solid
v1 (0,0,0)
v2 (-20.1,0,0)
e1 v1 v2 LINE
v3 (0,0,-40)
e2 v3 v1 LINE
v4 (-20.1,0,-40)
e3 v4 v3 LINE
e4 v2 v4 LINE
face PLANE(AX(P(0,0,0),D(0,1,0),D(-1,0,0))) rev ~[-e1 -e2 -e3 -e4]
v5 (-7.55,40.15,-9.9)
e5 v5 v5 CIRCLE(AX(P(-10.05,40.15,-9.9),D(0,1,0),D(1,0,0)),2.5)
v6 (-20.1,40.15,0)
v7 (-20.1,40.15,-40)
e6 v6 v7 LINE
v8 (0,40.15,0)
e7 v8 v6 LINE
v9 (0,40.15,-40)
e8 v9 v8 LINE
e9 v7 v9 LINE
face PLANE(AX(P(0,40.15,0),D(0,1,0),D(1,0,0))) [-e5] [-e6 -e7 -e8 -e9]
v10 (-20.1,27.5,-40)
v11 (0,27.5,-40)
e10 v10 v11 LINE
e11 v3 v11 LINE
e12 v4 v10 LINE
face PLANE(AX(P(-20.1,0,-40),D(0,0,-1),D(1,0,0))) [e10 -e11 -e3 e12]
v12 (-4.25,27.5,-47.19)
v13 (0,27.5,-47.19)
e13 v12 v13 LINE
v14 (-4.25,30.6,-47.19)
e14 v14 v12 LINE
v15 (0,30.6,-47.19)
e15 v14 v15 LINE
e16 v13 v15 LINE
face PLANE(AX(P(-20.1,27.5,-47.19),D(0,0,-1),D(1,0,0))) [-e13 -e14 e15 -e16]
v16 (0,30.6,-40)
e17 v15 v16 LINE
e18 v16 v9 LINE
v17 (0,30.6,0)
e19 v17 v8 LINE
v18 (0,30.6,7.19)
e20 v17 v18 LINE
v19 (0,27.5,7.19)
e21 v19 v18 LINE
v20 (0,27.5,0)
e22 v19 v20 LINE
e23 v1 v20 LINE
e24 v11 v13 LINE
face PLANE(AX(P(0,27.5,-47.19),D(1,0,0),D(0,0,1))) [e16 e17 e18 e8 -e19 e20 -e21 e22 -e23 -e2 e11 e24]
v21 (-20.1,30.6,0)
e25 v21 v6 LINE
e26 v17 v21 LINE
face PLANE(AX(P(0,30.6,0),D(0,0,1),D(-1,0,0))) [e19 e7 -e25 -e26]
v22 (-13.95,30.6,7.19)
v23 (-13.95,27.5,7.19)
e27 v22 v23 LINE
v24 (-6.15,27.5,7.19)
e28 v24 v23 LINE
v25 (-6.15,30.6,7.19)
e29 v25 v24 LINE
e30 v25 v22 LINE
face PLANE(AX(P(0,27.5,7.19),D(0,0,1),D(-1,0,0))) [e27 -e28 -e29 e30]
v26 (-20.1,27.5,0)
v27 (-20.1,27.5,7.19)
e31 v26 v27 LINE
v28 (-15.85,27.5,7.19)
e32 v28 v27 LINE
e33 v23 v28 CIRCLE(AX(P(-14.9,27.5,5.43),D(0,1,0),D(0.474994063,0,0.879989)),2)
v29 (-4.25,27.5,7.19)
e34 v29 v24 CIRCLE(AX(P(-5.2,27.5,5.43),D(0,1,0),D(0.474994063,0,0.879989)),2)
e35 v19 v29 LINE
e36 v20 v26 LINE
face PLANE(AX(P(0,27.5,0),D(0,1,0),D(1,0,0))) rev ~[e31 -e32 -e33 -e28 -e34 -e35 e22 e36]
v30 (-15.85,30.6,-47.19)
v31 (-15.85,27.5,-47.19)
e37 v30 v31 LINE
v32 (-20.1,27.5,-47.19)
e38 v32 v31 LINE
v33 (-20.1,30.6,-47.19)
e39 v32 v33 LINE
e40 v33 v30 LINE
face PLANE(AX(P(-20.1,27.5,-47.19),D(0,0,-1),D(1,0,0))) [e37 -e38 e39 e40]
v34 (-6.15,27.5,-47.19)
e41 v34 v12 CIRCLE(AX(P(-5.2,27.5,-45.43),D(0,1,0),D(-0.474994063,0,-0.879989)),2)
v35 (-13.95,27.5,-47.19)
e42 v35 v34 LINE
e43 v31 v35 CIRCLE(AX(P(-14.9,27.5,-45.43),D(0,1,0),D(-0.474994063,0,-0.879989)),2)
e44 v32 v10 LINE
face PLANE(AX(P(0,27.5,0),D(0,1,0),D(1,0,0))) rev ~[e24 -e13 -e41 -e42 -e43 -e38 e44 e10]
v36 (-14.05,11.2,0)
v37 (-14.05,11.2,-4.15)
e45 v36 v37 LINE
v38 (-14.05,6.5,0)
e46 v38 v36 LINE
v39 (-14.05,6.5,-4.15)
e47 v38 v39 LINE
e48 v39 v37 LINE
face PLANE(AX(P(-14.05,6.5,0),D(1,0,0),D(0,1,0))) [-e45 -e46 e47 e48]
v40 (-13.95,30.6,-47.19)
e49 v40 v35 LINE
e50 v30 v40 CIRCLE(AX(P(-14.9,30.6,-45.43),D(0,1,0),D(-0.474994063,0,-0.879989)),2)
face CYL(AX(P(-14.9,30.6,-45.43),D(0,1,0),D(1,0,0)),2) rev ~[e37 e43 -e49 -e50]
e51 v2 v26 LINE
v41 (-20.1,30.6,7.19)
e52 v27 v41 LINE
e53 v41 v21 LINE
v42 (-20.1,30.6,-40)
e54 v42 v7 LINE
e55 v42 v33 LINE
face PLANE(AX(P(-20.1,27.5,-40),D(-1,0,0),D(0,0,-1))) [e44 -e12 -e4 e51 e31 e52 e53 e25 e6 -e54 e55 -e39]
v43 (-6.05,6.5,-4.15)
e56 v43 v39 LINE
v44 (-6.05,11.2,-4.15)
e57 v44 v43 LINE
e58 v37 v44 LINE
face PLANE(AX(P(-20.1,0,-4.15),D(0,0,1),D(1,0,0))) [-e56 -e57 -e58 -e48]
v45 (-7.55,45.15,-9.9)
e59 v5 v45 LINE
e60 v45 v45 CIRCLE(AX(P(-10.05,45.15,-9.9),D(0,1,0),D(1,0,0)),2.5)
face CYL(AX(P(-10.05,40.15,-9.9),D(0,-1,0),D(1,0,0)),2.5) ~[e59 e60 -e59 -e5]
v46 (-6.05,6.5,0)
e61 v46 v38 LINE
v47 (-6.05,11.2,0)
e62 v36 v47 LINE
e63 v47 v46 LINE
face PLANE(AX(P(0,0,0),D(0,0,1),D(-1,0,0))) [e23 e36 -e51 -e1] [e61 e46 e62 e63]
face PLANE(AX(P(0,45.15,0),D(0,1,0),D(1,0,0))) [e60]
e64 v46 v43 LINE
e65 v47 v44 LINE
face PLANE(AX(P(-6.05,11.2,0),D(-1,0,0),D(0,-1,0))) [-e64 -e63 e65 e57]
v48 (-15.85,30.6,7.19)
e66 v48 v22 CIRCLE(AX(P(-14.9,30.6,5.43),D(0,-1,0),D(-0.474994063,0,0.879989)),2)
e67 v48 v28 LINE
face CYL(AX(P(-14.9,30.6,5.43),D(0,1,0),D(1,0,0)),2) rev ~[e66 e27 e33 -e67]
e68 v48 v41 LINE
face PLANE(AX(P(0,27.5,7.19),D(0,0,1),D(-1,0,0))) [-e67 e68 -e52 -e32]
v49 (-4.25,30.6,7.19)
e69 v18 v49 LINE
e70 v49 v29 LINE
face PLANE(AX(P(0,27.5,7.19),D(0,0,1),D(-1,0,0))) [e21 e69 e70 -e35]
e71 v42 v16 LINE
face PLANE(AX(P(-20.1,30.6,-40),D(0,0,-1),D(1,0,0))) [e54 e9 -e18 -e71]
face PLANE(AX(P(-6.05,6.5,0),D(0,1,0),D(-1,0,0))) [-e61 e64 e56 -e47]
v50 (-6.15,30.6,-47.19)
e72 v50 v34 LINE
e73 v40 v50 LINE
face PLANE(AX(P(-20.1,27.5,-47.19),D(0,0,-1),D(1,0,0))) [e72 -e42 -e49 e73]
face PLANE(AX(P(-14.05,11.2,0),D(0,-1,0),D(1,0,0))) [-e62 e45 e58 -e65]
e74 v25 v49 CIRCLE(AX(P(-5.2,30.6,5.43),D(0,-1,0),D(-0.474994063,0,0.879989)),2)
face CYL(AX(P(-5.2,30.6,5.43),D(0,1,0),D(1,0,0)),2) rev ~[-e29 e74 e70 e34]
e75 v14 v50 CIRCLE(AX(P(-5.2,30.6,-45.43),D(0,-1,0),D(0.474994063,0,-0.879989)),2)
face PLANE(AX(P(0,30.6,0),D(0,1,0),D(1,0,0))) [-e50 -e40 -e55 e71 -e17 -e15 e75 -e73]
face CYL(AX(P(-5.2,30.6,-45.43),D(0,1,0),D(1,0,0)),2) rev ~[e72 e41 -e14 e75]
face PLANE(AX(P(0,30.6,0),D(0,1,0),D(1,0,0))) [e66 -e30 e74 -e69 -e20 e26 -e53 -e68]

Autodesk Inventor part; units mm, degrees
ref_plane "YZ Plane" through (0, 0, 0) normal (1, 0, 0) x (0, 1, 0)
ref_plane "XZ Plane" through (0, 0, 0) normal (0, 1, 0) x (-1, 0, 0)
ref_plane "XY Plane" through (0, 0, 0) normal (0, 0, 1) x (1, 0, 0)
sketch "スケッチ2" plane through (0, 0, 0) normal (0, 1, 0) x (-1, 0, 0)
  line L0 (0, 0) -> (20.1, 0)
  line L1 (20.1, 0) -> (20.1, -40)
  line L2 (20.1, -40) -> (0, -40)
  line L3 (0, -40) -> (0, 0)
  dimension "d0" = 20.1
  dimension "d1" = 40
extrude "押し出し1" add sketch "スケッチ2" along normal blind 27.5
ref_plane "作業平面1" through (0, 27.5, 0) normal (0, 1, 0) x (1, 0, 0)
sketch "スケッチ3" plane through (0, 27.5, 0) normal (0, 1, 0) x (1, 0, 0)
  line L0 (-20.1, 47.19) -> (0, 47.19)
  line L1 (0, 47.19) -> (0, -7.19)
  line L2 (0, -7.19) -> (-20.1, -7.19)
  line L3 (-20.1, -7.19) -> (-20.1, 47.19)
  line L4 (-20.1, 40) -> (-20.1, 0) projected
  line L5 (0, 40) -> (-20.1, 40) projected
  point P0 (0, 0)
  point P1 (-20.1, 20)
  point P2 (-20.1, 20)
  point P3 (-10.05, 47.19)
  point P4 (-10.05, 40)
  point P5 (-10.05, 40)
  point P6 (0, 40)
  point P7 (-20.1, 40)
  dimension "d5" = 20.1
  dimension "d6" = 54.38
  dimension "d7" = 0
  dimension "d8" = 0
extrude "押し出し2" add sketch "スケッチ3" along normal blind 3.1
ref_plane "作業平面2" through (0, 30.6, 0) normal (0, 1, 0) x (1, 0, 0)
sketch "スケッチ4" plane through (0, 30.6, 0) normal (0, 1, 0) x (1, 0, 0)
  line L0 (0, -7.19) -> (0, 0) projected
  line L1 (0, 0) -> (-20.1, 0)
  line L2 (-20.1, 0) -> (-20.1, 40)
  line L3 (-20.1, 40) -> (0, 40)
  line L4 (0, 40) -> (0, 0)
  circle A0 centre (-14.9, 45.43) radius 2
  circle A1 centre (-5.2, 45.43) radius 2
  line L5 (-15.85, 47.19) -> (-13.95, 47.19)
  line L6 (-6.15, 47.19) -> (-4.25, 47.19)
  line L7 (-13.95, 47.19) -> (-6.15, 47.19)
  line L8 (0, 47.19) -> (-20.1, 47.19) projected
  point P0 (-10.05, 47.19)
  dimension "d12" = 40
  dimension "d23" = 4
  dimension "d24" = 4
  dimension "d27" = 1.9
  dimension "d28" = 1.9
  dimension "d29" = 7.8
  dimension "d53" = 20.1
extrude "押し出し3" add sketch "スケッチ4" along normal blind 9.55 contours L1 L2 L3 L4
sketch "スケッチ7" plane through (0, 30.6, 0) normal (0, 1, 0) x (1, 0, 0)
  circle A0 centre (-14.9, 45.43) radius 2
  circle A1 centre (-5.2, 45.43) radius 2
  circle A2 centre (-14.9, -5.43) radius 2
  circle A3 centre (-5.2, -5.43) radius 2
  line L0 (-13.95, 47.19) -> (-15.85, 47.19)
  line L1 (-6.15, 47.19) -> (-4.25, 47.19)
  line L2 (-15.85, -7.19) -> (-13.95, -7.19)
  line L3 (-6.15, -7.19) -> (-4.25, -7.19)
  line L4 (-13.95, -7.19) -> (-6.15, -7.19)
  line L5 (-13.95, 47.19) -> (-6.15, 47.19)
  line L6 (0, 47.19) -> (-20.1, 47.19) projected
  line L7 (-20.1, -7.19) -> (0, -7.19) projected
  point P0 (0, 0)
  point P1 (-10.05, -7.19)
  point P2 (-10.05, 47.19)
  point P3 (-10.05, -7.19)
  dimension "d33" = 4
  dimension "d34" = 4
  dimension "d35" = 4
  dimension "d36" = 4
  dimension "d37" = 1.9
  dimension "d38" = 1.9
  dimension "d39" = 1.9
  dimension "d40" = 1.9
  dimension "d41" = 7.8
  dimension "d42" = 7.8
extrude "押し出し6" cut sketch "スケッチ7" against normal through all contours A0 L0 | L1 A1 | A2 L2 | A3 L3 | L3 A3 | L2 A2 picked at (-15.3262, 45.9006) picked at (-5.6145, 46.6348)
ref_plane "作業平面5" through (-20.1, 0, 0) normal (0, 0, 1) x (1, 0, 0)
sketch "スケッチ8" plane through (-20.1, 0, 0) normal (0, 0, 1) x (1, 0, 0)
  line L0 (6.05, 11.2) -> (14.05, 11.2)
  line L1 (14.05, 11.2) -> (14.05, 6.5)
  line L2 (14.05, 6.5) -> (6.05, 6.5)
  line L3 (6.05, 6.5) -> (6.05, 11.2)
  line L4 (0, 0) -> (0, 27.5) projected
  line L5 (20.1, 0) -> (20.1, 27.5) projected
  line L6 (0, 0) -> (20.1, 0) projected
  dimension "d46" = 8
  dimension "d47" = 4.7
  dimension "d48" = 6.05
  dimension "d49" = 6.05
  dimension "d50" = 6.5
extrude "押し出し7" cut sketch "スケッチ8" against normal blind 4.15
ref_plane "作業平面6" through (0, 40.15, 0) normal (0, 1, 0) x (1, 0, 0)
sketch "スケッチ10" plane through (0, 40.15, 0) normal (0, 1, 0) x (1, 0, 0)
  line L0 (-20.1, 0) -> (0, 0) projected
  circle A0 centre (-10.05, 9.9) radius 2.5
  point P0 (-10.05, 0)
  dimension "d57" = 9.9
  dimension "d59" = 5
extrude "押し出し8" add sketch "スケッチ10" along normal blind 5
ref_plane "作業平面7" through (-10.05, 45.15, -9.9) normal (0, 1, 0) x (1, 0, 0)
sketch "スケッチ11" plane through (-10.05, 45.15, -9.9) normal (0, 1, 0) x (1, 0, 0)
  line L0 (-10.05, -9.9) -> (10.05, -9.9) projected
  point P0 (0, 0)
  point P1 (0, -9.9)
  dimension "d63" = 9.9
